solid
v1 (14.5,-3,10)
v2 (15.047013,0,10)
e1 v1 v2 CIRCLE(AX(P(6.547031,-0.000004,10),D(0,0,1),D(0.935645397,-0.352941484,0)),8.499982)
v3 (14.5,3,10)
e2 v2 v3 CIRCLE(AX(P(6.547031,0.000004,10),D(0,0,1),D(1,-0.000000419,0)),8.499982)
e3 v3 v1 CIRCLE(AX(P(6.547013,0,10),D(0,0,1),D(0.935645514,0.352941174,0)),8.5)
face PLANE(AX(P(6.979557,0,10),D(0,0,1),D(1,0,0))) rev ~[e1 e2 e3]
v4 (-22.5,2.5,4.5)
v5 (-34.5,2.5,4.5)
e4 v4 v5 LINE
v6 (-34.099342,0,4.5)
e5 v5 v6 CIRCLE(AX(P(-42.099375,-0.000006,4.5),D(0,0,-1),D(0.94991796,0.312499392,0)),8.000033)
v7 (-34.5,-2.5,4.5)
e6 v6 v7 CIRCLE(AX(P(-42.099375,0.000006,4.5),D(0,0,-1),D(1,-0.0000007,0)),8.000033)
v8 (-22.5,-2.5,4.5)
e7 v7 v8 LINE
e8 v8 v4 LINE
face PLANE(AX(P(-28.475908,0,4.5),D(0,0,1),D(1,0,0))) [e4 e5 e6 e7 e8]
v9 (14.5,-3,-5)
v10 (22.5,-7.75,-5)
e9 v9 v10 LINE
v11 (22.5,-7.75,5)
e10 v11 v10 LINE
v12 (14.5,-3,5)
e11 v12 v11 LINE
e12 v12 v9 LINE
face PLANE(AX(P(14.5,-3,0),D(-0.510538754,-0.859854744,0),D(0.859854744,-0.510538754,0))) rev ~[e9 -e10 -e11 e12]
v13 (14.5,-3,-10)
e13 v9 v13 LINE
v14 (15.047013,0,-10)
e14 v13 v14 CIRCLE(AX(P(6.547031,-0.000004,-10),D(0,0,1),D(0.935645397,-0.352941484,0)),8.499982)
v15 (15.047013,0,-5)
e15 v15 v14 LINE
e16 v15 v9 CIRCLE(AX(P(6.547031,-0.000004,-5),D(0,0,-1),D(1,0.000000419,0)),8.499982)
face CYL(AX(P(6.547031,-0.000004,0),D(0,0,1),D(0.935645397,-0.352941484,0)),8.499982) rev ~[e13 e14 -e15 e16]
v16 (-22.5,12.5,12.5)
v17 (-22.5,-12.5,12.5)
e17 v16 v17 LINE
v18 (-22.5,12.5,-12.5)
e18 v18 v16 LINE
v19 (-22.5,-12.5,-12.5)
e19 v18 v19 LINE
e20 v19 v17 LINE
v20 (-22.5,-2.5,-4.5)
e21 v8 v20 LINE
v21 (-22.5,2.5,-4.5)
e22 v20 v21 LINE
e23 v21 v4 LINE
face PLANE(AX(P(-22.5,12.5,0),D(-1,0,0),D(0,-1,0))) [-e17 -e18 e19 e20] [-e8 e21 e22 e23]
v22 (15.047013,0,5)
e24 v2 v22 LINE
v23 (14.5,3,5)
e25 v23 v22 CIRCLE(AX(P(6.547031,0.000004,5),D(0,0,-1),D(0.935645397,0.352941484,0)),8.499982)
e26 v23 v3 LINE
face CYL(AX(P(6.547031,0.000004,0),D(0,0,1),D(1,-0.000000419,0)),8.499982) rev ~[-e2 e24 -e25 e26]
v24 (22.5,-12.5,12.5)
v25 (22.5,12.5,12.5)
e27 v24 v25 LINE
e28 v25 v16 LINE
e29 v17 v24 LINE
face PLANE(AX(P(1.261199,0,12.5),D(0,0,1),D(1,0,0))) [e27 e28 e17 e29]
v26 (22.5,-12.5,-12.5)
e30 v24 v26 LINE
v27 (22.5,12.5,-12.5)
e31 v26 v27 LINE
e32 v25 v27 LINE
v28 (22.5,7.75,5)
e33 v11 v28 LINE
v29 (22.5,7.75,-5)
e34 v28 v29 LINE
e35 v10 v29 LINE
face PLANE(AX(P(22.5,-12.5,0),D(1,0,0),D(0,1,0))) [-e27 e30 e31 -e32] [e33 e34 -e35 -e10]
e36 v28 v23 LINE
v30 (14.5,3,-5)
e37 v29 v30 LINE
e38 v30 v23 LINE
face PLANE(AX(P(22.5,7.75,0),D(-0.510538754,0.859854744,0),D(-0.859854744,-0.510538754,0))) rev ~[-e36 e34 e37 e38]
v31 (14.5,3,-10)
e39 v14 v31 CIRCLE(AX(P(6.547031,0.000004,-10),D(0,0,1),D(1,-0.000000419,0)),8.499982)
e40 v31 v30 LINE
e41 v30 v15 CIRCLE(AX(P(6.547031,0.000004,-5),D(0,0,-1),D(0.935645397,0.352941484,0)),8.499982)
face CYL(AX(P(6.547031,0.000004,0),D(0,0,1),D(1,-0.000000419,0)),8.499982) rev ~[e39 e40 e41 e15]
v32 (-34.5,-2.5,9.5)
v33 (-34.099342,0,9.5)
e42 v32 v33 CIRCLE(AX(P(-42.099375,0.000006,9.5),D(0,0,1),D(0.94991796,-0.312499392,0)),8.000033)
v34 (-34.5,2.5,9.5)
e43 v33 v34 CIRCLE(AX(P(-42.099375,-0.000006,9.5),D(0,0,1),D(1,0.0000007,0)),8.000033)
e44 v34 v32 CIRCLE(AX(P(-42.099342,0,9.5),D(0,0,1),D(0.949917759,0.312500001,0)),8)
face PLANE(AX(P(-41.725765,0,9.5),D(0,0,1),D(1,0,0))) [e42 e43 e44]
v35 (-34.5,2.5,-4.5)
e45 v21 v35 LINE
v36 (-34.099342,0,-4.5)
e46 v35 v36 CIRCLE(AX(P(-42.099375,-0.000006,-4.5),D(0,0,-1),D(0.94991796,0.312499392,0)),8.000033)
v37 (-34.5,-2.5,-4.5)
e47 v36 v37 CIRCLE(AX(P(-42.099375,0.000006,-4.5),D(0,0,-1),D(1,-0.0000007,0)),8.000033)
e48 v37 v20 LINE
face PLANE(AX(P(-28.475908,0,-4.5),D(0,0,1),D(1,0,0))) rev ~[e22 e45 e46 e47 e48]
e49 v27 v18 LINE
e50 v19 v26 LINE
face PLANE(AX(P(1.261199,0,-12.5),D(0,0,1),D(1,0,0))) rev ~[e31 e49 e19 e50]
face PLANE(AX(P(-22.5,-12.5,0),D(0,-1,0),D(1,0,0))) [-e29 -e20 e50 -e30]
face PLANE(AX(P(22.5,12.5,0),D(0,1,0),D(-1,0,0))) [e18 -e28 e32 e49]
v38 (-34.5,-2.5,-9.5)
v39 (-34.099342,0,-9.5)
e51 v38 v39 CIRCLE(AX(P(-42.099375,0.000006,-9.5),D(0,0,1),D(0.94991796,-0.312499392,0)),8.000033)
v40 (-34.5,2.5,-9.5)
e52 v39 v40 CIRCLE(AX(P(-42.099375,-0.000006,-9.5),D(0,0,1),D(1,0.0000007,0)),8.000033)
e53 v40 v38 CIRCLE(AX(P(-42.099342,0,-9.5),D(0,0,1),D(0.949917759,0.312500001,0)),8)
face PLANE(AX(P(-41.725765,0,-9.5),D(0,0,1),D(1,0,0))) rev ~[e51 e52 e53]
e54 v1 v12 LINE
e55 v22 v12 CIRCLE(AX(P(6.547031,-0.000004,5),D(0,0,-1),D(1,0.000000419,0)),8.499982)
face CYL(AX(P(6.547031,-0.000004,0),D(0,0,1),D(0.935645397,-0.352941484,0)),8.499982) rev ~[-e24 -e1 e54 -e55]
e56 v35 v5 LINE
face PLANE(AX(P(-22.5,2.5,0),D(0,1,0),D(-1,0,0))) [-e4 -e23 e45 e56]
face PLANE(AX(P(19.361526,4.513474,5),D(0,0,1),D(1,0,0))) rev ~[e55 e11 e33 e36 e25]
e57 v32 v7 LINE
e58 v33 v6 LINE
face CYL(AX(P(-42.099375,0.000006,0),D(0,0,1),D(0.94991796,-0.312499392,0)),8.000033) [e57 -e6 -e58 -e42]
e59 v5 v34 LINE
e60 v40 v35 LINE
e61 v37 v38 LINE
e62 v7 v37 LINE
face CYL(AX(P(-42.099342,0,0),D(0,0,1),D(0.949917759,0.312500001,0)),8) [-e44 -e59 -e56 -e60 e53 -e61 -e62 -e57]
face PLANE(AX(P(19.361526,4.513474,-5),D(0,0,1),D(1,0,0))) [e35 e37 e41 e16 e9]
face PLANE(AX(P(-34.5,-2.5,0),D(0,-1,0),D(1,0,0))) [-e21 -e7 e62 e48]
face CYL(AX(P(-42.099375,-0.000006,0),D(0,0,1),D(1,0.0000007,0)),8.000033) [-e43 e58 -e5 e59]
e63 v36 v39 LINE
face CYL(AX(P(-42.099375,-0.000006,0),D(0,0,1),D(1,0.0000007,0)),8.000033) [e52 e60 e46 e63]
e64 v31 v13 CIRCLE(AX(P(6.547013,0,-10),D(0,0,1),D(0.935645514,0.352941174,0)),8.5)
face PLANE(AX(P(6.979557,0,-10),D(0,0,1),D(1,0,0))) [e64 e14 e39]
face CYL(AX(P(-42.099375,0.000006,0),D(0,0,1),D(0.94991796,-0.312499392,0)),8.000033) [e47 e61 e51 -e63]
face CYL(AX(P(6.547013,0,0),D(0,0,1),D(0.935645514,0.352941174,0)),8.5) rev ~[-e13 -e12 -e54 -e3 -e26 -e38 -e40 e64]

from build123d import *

# Parameters (mm, degrees)
F1_DEPTH = 12.5
F2_DEPTH = 10
F3_DEPTH = 4.5
F4_DEPTH = 9.5
F5_DEPTH = 5


with BuildPart() as f1:
    # F0 (on Top) → F1 (new body, symmetric)
    with BuildSketch(Plane.XY):
        with BuildLine():
            Line((22.5, 12.5), (-22.5, 12.5))
            Line((-22.5, 12.5), (-22.5, 2.5))
            Line((-22.5, 2.5), (-22.5, -2.5))
            Line((-22.5, -2.5), (-22.5, -12.5))
            Line((-22.5, -12.5), (22.5, -12.5))
            Line((22.5, -12.5), (22.5, -7.75))
            Line((22.5, -7.75), (14.5, -3))
            ThreePointArc((14.5, -3), (-1.952987, 0), (14.5, 3))
            Line((14.5, 3), (22.5, 7.75))
            Line((22.5, 7.75), (22.5, 12.5))
        make_face()
        with BuildLine():
            ThreePointArc((15.047013, 0), (14.909142, 1.524731), (14.5, 3))
            ThreePointArc((14.5, 3), (-1.952987, 0), (14.5, -3))
            ThreePointArc((14.5, -3), (14.909142, -1.524731), (15.047013, 0))
        make_face()
        Polygon((22.5, -7.75), (22.5, -3), (14.5, -3), align=None)
        with BuildLine():
            Line((22.5, -3), (22.5, 3))
            Line((22.5, 3), (14.5, 3))
            ThreePointArc((14.5, 3), (14.909142, 1.524731), (15.047013, 0))
            ThreePointArc((15.047013, 0), (14.909142, -1.524731), (14.5, -3))
            Line((14.5, -3), (22.5, -3))
        make_face()
        Polygon((22.5, 3), (22.5, 7.75), (14.5, 3), align=None)
    extrude(amount=F1_DEPTH, both=True)

    # F0 (on Top) → F2 (cut, symmetric)
    with BuildSketch(Plane.XY):
        with BuildLine():
            ThreePointArc((15.047013, 0), (14.909142, 1.524731), (14.5, 3))
            ThreePointArc((14.5, 3), (-1.952987, 0), (14.5, -3))
            ThreePointArc((14.5, -3), (14.909142, -1.524731), (15.047013, 0))
        make_face()
    extrude(amount=F2_DEPTH, both=True, mode=Mode.SUBTRACT)

    # F0 (on Top) → F3 (join, symmetric)
    with BuildSketch(Plane.XY):
        with BuildLine():
            Line((-22.5, -2.5), (-22.5, 2.5))
            Line((-22.5, 2.5), (-34.5, 2.5))
            ThreePointArc((-34.5, 2.5), (-34.200142, 1.265951), (-34.099342, 0))
            ThreePointArc((-34.099342, 0), (-34.200142, -1.265951), (-34.5, -2.5))
            Line((-34.5, -2.5), (-22.5, -2.5))
        make_face()
    extrude(amount=F3_DEPTH, both=True)

    # F0 (on Top) → F4 (join, symmetric)
    with BuildSketch(Plane.XY):
        with BuildLine():
            ThreePointArc((-34.099342, 0), (-34.200142, 1.265951), (-34.5, 2.5))
            ThreePointArc((-34.5, 2.5), (-50.099342, 0), (-34.5, -2.5))
            ThreePointArc((-34.5, -2.5), (-34.200142, -1.265951), (-34.099342, 0))
        make_face()
    extrude(amount=F4_DEPTH, both=True)

    # F0 (on Top) → F5 (cut, symmetric)
    with BuildSketch(Plane.XY):
        Polygon((22.5, 3), (22.5, 7.75), (14.5, 3), align=None)
        with BuildLine():
            Line((22.5, -3), (22.5, 3))
            Line((22.5, 3), (14.5, 3))
            ThreePointArc((14.5, 3), (14.909142, 1.524731), (15.047013, 0))
            ThreePointArc((15.047013, 0), (14.909142, -1.524731), (14.5, -3))
            Line((14.5, -3), (22.5, -3))
        make_face()
        Polygon((22.5, -7.75), (22.5, -3), (14.5, -3), align=None)
    extrude(amount=F5_DEPTH, both=True, mode=Mode.SUBTRACT)


solid = f1.part
